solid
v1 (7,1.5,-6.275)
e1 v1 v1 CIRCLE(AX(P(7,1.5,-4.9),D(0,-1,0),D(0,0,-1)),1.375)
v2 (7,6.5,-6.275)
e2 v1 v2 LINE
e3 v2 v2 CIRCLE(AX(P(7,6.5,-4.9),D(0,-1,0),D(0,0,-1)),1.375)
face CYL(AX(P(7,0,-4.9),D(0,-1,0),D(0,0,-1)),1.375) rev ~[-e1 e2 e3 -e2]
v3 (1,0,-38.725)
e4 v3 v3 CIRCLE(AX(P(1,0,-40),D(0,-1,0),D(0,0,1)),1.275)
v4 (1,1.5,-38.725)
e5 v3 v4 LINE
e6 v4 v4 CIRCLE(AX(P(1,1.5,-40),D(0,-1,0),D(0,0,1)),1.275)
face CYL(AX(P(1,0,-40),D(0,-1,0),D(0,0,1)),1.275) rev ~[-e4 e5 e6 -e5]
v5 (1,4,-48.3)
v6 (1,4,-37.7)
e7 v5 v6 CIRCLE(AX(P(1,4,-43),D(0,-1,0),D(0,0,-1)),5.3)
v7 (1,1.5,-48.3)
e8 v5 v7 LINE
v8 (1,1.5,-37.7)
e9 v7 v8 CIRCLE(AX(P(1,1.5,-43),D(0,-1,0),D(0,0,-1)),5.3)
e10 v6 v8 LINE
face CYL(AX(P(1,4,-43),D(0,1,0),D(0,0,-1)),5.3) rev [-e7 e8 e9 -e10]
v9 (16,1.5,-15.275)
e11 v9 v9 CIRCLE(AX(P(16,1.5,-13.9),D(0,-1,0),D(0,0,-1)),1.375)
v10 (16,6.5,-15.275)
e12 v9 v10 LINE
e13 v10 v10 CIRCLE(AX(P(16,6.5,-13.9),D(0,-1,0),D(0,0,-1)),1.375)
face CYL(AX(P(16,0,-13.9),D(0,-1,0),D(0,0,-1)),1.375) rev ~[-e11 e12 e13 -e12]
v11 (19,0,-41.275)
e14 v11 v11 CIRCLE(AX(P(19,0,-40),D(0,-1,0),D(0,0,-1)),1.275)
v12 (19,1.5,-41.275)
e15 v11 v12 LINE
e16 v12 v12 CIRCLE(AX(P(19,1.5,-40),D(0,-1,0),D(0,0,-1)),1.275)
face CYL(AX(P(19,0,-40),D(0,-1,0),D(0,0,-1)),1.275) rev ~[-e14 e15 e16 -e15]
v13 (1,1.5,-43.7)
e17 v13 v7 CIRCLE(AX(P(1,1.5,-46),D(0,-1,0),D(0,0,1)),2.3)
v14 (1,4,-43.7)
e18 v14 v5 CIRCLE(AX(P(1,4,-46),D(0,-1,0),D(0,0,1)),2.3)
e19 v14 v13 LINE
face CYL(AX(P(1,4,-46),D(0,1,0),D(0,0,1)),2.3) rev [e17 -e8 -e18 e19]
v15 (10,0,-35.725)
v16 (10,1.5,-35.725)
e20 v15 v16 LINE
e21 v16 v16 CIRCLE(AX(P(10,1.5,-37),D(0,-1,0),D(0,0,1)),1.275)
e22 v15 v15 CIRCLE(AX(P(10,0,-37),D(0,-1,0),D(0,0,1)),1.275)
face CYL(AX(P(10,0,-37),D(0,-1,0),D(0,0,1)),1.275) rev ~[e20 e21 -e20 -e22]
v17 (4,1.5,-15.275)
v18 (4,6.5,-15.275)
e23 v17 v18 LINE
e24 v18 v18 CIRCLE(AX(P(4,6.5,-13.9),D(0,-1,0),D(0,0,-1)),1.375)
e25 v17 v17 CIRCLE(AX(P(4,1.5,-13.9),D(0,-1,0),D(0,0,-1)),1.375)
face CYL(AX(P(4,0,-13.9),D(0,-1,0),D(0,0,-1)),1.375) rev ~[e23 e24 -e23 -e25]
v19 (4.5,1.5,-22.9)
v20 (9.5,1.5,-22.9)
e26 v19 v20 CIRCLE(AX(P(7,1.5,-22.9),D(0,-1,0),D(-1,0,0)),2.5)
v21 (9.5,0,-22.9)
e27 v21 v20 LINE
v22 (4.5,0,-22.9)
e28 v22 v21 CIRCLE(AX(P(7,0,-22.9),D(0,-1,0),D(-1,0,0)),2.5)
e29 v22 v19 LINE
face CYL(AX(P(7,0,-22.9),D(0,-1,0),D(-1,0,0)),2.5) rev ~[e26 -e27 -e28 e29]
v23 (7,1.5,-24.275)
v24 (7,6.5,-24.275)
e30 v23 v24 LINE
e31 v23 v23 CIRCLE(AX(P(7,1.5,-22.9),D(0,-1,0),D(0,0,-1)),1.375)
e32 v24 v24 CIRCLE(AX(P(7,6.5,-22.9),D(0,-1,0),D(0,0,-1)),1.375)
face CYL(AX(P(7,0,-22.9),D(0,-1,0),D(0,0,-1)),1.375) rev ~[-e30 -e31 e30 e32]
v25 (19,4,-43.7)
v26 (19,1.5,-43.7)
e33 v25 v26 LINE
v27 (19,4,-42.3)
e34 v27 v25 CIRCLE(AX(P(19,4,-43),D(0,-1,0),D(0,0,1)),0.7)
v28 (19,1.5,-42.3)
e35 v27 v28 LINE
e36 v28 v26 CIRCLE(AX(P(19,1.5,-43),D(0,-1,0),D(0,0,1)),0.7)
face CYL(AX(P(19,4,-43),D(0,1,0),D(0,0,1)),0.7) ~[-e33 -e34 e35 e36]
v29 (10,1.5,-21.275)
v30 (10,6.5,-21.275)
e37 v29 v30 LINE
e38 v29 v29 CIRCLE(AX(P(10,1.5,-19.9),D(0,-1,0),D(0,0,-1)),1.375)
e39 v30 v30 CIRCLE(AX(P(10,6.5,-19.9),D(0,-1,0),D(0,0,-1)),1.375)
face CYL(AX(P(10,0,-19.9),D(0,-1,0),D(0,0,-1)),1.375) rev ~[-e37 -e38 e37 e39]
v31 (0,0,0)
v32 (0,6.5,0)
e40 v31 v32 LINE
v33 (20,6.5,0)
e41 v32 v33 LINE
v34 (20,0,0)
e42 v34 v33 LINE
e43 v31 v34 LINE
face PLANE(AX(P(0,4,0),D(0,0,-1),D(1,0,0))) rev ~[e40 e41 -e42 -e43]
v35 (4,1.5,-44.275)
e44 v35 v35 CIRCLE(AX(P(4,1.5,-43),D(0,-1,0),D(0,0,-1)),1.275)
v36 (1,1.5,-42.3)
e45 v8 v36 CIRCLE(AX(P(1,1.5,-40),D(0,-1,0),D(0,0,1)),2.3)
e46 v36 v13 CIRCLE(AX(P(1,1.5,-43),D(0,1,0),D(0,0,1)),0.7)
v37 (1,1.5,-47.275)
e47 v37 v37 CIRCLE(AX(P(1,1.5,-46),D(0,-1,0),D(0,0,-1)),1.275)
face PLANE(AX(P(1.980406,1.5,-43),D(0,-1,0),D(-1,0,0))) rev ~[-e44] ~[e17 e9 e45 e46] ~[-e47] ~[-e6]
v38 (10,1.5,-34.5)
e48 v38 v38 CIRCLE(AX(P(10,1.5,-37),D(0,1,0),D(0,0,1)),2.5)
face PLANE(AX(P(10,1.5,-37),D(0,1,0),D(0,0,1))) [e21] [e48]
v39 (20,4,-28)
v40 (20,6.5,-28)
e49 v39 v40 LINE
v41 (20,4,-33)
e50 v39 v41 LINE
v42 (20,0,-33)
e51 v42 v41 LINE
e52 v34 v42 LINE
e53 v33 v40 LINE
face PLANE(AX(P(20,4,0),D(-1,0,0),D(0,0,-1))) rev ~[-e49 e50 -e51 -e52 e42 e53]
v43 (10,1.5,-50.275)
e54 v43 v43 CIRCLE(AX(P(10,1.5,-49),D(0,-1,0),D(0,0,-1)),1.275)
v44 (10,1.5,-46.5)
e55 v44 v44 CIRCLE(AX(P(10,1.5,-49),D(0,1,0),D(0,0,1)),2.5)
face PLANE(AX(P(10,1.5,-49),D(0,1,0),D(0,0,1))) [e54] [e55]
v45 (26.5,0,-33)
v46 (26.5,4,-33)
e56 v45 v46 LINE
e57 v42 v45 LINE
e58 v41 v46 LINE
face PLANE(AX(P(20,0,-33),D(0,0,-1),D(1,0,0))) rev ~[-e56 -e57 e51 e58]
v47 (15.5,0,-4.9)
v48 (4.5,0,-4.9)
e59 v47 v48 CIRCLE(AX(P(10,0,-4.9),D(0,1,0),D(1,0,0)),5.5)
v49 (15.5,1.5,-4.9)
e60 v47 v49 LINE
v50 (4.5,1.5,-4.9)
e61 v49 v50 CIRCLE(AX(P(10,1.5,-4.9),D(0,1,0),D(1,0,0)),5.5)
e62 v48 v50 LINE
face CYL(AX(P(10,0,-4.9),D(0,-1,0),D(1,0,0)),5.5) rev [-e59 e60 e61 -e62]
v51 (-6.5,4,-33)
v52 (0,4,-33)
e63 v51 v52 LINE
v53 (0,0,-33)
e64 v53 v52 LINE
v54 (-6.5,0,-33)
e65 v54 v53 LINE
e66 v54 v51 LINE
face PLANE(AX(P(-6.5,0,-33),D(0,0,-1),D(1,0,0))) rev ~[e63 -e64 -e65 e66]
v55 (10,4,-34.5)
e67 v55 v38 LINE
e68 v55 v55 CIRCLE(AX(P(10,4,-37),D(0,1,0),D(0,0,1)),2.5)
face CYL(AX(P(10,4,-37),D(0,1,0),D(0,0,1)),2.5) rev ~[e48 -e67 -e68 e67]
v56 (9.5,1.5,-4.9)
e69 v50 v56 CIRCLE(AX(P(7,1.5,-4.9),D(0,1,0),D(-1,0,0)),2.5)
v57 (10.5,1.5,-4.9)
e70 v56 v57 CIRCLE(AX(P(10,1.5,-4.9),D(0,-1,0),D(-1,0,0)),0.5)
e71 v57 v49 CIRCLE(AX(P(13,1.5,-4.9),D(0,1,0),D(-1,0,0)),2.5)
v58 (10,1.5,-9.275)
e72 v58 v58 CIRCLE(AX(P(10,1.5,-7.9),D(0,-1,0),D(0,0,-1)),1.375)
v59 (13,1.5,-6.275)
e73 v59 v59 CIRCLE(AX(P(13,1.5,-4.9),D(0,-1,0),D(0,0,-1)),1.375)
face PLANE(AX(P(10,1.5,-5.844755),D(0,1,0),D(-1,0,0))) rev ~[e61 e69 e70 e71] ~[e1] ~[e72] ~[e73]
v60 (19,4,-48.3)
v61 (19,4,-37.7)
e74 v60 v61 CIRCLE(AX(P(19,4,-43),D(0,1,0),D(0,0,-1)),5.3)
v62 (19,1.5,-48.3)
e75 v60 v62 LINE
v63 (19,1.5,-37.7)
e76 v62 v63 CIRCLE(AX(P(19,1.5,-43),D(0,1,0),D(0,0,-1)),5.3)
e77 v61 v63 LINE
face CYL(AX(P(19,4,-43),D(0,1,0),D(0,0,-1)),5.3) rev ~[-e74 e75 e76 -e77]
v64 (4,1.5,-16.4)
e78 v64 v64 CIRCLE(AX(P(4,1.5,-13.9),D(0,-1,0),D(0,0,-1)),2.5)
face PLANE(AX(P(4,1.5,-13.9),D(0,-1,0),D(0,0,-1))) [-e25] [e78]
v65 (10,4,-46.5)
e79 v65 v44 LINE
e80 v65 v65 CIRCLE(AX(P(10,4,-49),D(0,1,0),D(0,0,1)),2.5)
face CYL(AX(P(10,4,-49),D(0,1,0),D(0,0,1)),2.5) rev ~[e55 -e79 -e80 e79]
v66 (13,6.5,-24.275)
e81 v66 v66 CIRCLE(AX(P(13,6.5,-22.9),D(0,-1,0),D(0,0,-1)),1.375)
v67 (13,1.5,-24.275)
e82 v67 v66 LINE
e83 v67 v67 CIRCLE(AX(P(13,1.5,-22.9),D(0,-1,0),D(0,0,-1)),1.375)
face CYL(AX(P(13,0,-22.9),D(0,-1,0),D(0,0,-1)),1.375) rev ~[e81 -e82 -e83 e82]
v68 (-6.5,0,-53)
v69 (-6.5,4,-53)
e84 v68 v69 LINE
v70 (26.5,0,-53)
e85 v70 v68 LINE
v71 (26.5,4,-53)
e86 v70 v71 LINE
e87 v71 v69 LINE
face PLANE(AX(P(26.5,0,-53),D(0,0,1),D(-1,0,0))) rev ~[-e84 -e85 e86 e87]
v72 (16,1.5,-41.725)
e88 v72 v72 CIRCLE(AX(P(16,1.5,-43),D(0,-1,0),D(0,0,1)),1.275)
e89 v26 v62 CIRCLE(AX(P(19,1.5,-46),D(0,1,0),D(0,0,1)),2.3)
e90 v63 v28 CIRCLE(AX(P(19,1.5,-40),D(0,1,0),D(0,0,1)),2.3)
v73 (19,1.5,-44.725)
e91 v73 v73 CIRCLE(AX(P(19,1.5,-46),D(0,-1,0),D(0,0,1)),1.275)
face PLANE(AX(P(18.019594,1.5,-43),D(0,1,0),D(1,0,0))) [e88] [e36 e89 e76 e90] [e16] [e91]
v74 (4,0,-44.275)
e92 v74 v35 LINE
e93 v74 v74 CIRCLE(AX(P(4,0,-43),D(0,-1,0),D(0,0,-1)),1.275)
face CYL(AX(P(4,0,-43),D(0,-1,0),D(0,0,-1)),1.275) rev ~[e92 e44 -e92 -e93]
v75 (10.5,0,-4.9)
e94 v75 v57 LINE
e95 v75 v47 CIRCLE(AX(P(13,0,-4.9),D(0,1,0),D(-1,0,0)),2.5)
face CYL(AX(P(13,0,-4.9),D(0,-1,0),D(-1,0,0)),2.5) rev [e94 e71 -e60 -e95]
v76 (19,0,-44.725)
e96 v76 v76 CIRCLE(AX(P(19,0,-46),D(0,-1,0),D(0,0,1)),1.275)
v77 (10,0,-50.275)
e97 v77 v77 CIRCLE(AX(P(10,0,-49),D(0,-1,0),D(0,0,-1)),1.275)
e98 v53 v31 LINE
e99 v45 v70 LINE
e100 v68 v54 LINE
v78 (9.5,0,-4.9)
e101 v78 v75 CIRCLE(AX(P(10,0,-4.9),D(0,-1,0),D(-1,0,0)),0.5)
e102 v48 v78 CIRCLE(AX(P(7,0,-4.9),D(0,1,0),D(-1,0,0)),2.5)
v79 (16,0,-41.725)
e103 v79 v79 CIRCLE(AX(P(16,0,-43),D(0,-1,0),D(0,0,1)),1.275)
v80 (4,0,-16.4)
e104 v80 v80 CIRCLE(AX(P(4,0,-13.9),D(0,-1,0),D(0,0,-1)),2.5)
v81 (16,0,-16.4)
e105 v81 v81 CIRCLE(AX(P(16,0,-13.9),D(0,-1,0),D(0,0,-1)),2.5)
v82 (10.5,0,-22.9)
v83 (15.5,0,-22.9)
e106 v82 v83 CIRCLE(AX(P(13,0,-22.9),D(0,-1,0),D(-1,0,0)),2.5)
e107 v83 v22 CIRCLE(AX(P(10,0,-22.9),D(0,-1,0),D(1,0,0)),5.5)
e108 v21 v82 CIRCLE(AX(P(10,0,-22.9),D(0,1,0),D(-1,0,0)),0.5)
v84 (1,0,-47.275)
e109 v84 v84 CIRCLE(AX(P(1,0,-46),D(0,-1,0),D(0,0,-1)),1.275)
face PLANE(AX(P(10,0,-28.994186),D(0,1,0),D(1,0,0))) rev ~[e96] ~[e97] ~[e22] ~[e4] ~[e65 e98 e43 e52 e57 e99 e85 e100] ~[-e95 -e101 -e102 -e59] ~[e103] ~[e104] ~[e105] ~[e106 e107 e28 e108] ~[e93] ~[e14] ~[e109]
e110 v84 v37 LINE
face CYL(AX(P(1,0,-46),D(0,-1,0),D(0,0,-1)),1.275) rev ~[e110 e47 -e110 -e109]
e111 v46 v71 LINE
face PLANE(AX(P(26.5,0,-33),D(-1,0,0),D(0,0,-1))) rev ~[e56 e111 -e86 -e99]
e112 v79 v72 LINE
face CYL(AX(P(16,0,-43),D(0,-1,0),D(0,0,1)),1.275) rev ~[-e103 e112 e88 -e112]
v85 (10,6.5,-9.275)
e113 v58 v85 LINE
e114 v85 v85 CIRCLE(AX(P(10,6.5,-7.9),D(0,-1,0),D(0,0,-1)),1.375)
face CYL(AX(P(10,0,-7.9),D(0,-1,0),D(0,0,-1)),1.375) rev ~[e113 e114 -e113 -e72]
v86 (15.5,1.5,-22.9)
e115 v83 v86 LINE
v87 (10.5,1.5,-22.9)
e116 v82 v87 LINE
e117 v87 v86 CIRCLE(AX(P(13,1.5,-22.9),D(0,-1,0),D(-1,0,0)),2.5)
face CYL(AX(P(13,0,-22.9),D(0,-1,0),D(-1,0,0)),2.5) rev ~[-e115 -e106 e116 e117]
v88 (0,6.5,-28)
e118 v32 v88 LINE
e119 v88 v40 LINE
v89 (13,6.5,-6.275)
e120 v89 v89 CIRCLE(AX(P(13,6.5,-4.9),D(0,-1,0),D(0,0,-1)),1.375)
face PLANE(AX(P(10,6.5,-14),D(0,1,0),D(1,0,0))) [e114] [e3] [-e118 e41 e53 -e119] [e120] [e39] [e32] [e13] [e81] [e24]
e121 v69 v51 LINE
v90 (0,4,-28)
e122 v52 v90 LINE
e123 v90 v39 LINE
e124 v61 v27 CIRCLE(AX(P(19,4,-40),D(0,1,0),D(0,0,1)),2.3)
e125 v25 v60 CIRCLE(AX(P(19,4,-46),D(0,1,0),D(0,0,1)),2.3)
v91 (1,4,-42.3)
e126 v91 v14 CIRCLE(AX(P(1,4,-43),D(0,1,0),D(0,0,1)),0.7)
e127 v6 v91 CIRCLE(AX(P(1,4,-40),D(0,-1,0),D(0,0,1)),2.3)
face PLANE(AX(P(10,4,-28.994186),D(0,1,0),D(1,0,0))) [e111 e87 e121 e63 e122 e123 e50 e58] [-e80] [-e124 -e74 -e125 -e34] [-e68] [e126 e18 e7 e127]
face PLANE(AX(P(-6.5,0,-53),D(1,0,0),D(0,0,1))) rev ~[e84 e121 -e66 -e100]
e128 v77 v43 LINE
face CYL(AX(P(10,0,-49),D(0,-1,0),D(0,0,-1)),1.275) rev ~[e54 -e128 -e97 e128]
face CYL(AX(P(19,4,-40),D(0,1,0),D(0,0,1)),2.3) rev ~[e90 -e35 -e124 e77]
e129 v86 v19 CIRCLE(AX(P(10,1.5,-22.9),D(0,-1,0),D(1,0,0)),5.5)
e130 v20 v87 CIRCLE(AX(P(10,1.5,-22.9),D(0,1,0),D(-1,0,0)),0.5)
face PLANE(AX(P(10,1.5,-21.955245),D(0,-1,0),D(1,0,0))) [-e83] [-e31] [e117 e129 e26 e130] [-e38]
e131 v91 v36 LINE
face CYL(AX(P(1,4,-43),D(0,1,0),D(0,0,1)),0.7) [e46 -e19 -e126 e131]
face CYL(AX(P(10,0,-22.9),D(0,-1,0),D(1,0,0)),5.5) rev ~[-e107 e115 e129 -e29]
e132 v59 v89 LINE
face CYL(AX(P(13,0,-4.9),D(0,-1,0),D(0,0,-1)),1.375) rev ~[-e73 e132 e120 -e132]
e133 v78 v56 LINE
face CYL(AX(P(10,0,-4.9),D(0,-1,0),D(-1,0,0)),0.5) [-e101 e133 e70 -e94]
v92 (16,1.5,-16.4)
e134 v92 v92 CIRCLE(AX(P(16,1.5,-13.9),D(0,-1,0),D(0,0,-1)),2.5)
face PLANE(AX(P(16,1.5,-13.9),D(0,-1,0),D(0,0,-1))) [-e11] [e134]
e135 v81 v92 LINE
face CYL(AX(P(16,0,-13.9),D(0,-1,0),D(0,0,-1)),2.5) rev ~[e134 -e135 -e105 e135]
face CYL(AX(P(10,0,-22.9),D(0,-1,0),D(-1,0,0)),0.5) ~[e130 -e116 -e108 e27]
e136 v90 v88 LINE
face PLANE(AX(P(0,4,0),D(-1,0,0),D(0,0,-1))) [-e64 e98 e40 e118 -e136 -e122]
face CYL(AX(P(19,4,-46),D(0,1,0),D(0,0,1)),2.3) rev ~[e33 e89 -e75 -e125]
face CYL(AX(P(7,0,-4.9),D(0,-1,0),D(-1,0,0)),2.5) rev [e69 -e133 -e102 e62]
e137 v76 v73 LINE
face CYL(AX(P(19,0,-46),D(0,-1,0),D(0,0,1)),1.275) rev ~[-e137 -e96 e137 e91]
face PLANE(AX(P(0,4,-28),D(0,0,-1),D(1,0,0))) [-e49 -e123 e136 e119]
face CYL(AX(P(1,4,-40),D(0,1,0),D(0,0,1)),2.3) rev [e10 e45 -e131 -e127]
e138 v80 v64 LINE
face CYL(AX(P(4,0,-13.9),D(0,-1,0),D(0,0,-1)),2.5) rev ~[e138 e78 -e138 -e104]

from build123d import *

# Parameters (mm, degrees)
BOSS_EXTRUDE1_DEPTH = 4
SKETCH2_W           = 20
SKETCH2_H           = 28
BOSS_EXTRUDE2_DEPTH = 2.5
CUT_EXTRUDE1_REACH  = 61.611
SKETCH3_R           = 1.375
SKETCH3_R_2         = 1.275
SKETCH4_R           = 2.5
CUT_EXTRUDE2_DEPTH  = 1.5
SKETCH5_R           = 2.5
CUT_EXTRUDE3_DEPTH  = 2.5


with BuildPart() as part:
    # Sketch1 → Boss-Extrude1 (new body)
    with BuildSketch(Plane(origin=(0, 0, 0), x_dir=(1, 0, 0), z_dir=(0, 1, 0))):
        Polygon((0, 0), (20, 0), (20, 33), (26.5, 33), (26.5, 53), (-6.5, 53), (-6.5, 33), (0, 33), align=None)
    extrude(amount=BOSS_EXTRUDE1_DEPTH)

    # Sketch2 → Boss-Extrude2 (add)
    with BuildSketch(Plane(origin=(0, 4, 0), x_dir=(1, 0, 0), z_dir=(0, 1, 0))):
        with Locations((10, 14)):
            Rectangle(SKETCH2_W, SKETCH2_H)
    extrude(amount=BOSS_EXTRUDE2_DEPTH)

    # Sketch3 → Cut-Extrude1 (cut, up to next)
    with BuildSketch(Plane.XZ, mode=Mode.PRIVATE) as cut_extrude1_sk1:
        with Locations(Location((10, -7.9, 0), (0, 0, 270))):
            Circle(SKETCH3_R)
    cut_extrude1_tool1 = extrude(cut_extrude1_sk1.sketch, amount=-CUT_EXTRUDE1_REACH, mode=Mode.PRIVATE) & part.part
    # Sketch3 → Cut-Extrude1 (cut, up to next)
    with BuildSketch(Plane.XZ, mode=Mode.PRIVATE) as cut_extrude1_sk2:
        with Locations(Location((7, -4.9, 0), (0, 0, 270))):
            Circle(SKETCH3_R)
    cut_extrude1_tool2 = extrude(cut_extrude1_sk2.sketch, amount=-CUT_EXTRUDE1_REACH, mode=Mode.PRIVATE) & part.part
    # Sketch3 → Cut-Extrude1 (cut, up to next)
    with BuildSketch(Plane.XZ, mode=Mode.PRIVATE) as cut_extrude1_sk3:
        with Locations(Location((4, -13.9, 0), (0, 0, 270))):
            Circle(SKETCH3_R)
    cut_extrude1_tool3 = extrude(cut_extrude1_sk3.sketch, amount=-CUT_EXTRUDE1_REACH, mode=Mode.PRIVATE) & part.part
    # Sketch3 → Cut-Extrude1 (cut, up to next)
    with BuildSketch(Plane.XZ, mode=Mode.PRIVATE) as cut_extrude1_sk4:
        with Locations(Location((10, -19.9, 0), (0, 0, 270))):
            Circle(SKETCH3_R)
    cut_extrude1_tool4 = extrude(cut_extrude1_sk4.sketch, amount=-CUT_EXTRUDE1_REACH, mode=Mode.PRIVATE) & part.part
    # Sketch3 → Cut-Extrude1 (cut, up to next)
    with BuildSketch(Plane.XZ, mode=Mode.PRIVATE) as cut_extrude1_sk5:
        with Locations(Location((7, -22.9, 0), (0, 0, 270))):
            Circle(SKETCH3_R)
    cut_extrude1_tool5 = extrude(cut_extrude1_sk5.sketch, amount=-CUT_EXTRUDE1_REACH, mode=Mode.PRIVATE) & part.part
    # Sketch3 → Cut-Extrude1 (cut, up to next)
    with BuildSketch(Plane.XZ, mode=Mode.PRIVATE) as cut_extrude1_sk6:
        with Locations(Location((13, -4.9, 0), (0, 0, 270))):
            Circle(SKETCH3_R)
    cut_extrude1_tool6 = extrude(cut_extrude1_sk6.sketch, amount=-CUT_EXTRUDE1_REACH, mode=Mode.PRIVATE) & part.part
    # Sketch3 → Cut-Extrude1 (cut, up to next)
    with BuildSketch(Plane.XZ, mode=Mode.PRIVATE) as cut_extrude1_sk7:
        with Locations(Location((13, -22.9, 0), (0, 0, 270))):
            Circle(SKETCH3_R)
    cut_extrude1_tool7 = extrude(cut_extrude1_sk7.sketch, amount=-CUT_EXTRUDE1_REACH, mode=Mode.PRIVATE) & part.part
    # Sketch3 → Cut-Extrude1 (cut, up to next)
    with BuildSketch(Plane.XZ, mode=Mode.PRIVATE) as cut_extrude1_sk8:
        with Locations(Location((16, -13.9, 0), (0, 0, 270))):
            Circle(SKETCH3_R)
    cut_extrude1_tool8 = extrude(cut_extrude1_sk8.sketch, amount=-CUT_EXTRUDE1_REACH, mode=Mode.PRIVATE) & part.part
    # Sketch3 → Cut-Extrude1 (cut, up to next)
    with BuildSketch(Plane.XZ, mode=Mode.PRIVATE) as cut_extrude1_sk9:
        with Locations(Location((10, -49, 0), (0, 0, 270))):
            Circle(SKETCH3_R_2)
    cut_extrude1_tool9 = extrude(cut_extrude1_sk9.sketch, amount=-CUT_EXTRUDE1_REACH, mode=Mode.PRIVATE) & part.part
    # Sketch3 → Cut-Extrude1 (cut, up to next)
    with BuildSketch(Plane.XZ, mode=Mode.PRIVATE) as cut_extrude1_sk10:
        with Locations(Location((4, -43, 0), (0, 0, 270))):
            Circle(SKETCH3_R_2)
    cut_extrude1_tool10 = extrude(cut_extrude1_sk10.sketch, amount=-CUT_EXTRUDE1_REACH, mode=Mode.PRIVATE) & part.part
    # Sketch3 → Cut-Extrude1 (cut, up to next)
    with BuildSketch(Plane.XZ, mode=Mode.PRIVATE) as cut_extrude1_sk11:
        with Locations(Location((1, -46, 0), (0, 0, 270))):
            Circle(SKETCH3_R_2)
    cut_extrude1_tool11 = extrude(cut_extrude1_sk11.sketch, amount=-CUT_EXTRUDE1_REACH, mode=Mode.PRIVATE) & part.part
    # Sketch3 → Cut-Extrude1 (cut, up to next)
    with BuildSketch(Plane.XZ, mode=Mode.PRIVATE) as cut_extrude1_sk12:
        with Locations(Location((10, -37, 0), (0, 0, 90))):
            Circle(SKETCH3_R_2)
    cut_extrude1_tool12 = extrude(cut_extrude1_sk12.sketch, amount=-CUT_EXTRUDE1_REACH, mode=Mode.PRIVATE) & part.part
    # Sketch3 → Cut-Extrude1 (cut, up to next)
    with BuildSketch(Plane.XZ, mode=Mode.PRIVATE) as cut_extrude1_sk13:
        with Locations(Location((1, -40, 0), (0, 0, 90))):
            Circle(SKETCH3_R_2)
    cut_extrude1_tool13 = extrude(cut_extrude1_sk13.sketch, amount=-CUT_EXTRUDE1_REACH, mode=Mode.PRIVATE) & part.part
    # Sketch3 → Cut-Extrude1 (cut, up to next)
    with BuildSketch(Plane.XZ, mode=Mode.PRIVATE) as cut_extrude1_sk14:
        with Locations(Location((19, -46, 0), (0, 0, 90))):
            Circle(SKETCH3_R_2)
    cut_extrude1_tool14 = extrude(cut_extrude1_sk14.sketch, amount=-CUT_EXTRUDE1_REACH, mode=Mode.PRIVATE) & part.part
    # Sketch3 → Cut-Extrude1 (cut, up to next)
    with BuildSketch(Plane.XZ, mode=Mode.PRIVATE) as cut_extrude1_sk15:
        with Locations(Location((16, -43, 0), (0, 0, 90))):
            Circle(SKETCH3_R_2)
    cut_extrude1_tool15 = extrude(cut_extrude1_sk15.sketch, amount=-CUT_EXTRUDE1_REACH, mode=Mode.PRIVATE) & part.part
    # Sketch3 → Cut-Extrude1 (cut, up to next)
    with BuildSketch(Plane.XZ, mode=Mode.PRIVATE) as cut_extrude1_sk16:
        with Locations(Location((19, -40, 0), (0, 0, 270))):
            Circle(SKETCH3_R_2)
    cut_extrude1_tool16 = extrude(cut_extrude1_sk16.sketch, amount=-CUT_EXTRUDE1_REACH, mode=Mode.PRIVATE) & part.part
    add(cut_extrude1_tool1.solids().sort_by_distance((10, 0, -7.9))[0], mode=Mode.SUBTRACT)
    add(cut_extrude1_tool2.solids().sort_by_distance((7, 0, -4.9))[0], mode=Mode.SUBTRACT)
    add(cut_extrude1_tool3.solids().sort_by_distance((4, 0, -13.9))[0], mode=Mode.SUBTRACT)
    add(cut_extrude1_tool4.solids().sort_by_distance((10, 0, -19.9))[0], mode=Mode.SUBTRACT)
    add(cut_extrude1_tool5.solids().sort_by_distance((7, 0, -22.9))[0], mode=Mode.SUBTRACT)
    add(cut_extrude1_tool6.solids().sort_by_distance((13, 0, -4.9))[0], mode=Mode.SUBTRACT)
    add(cut_extrude1_tool7.solids().sort_by_distance((13, 0, -22.9))[0], mode=Mode.SUBTRACT)
    add(cut_extrude1_tool8.solids().sort_by_distance((16, 0, -13.9))[0], mode=Mode.SUBTRACT)
    add(cut_extrude1_tool9.solids().sort_by_distance((10, 0, -49))[0], mode=Mode.SUBTRACT)
    add(cut_extrude1_tool10.solids().sort_by_distance((4, 0, -43))[0], mode=Mode.SUBTRACT)
    add(cut_extrude1_tool11.solids().sort_by_distance((1, 0, -46))[0], mode=Mode.SUBTRACT)
    add(cut_extrude1_tool12.solids().sort_by_distance((10, 0, -37))[0], mode=Mode.SUBTRACT)
    add(cut_extrude1_tool13.solids().sort_by_distance((1, 0, -40))[0], mode=Mode.SUBTRACT)
    add(cut_extrude1_tool14.solids().sort_by_distance((19, 0, -46))[0], mode=Mode.SUBTRACT)
    add(cut_extrude1_tool15.solids().sort_by_distance((16, 0, -43))[0], mode=Mode.SUBTRACT)
    add(cut_extrude1_tool16.solids().sort_by_distance((19, 0, -40))[0], mode=Mode.SUBTRACT)

    # Sketch4 → Cut-Extrude2 (cut)
    with BuildSketch(Plane.XZ):
        with Locations(Location((4, -13.9, 0), (0, 0, 270))):
            Circle(SKETCH4_R)
        with Locations(Location((16, -13.9, 0), (0, 0, 270))):
            Circle(SKETCH4_R)
        with BuildLine():
            ThreePointArc((15.5, -22.9), (10, -17.4), (4.5, -22.9))
            ThreePointArc((4.5, -22.9), (7, -25.4), (9.5, -22.9))
            ThreePointArc((9.5, -22.9), (10, -22.4), (10.5, -22.9))
            ThreePointArc((10.5, -22.9), (13, -25.4), (15.5, -22.9))
        make_face()
        with BuildLine():
            ThreePointArc((15.5, -4.9), (10, -10.4), (4.5, -4.9))
            ThreePointArc((4.5, -4.9), (7, -2.4), (9.5, -4.9))
            ThreePointArc((9.5, -4.9), (10, -5.4), (10.5, -4.9))
            ThreePointArc((10.5, -4.9), (13, -2.4), (15.5, -4.9))
        make_face()
    extrude(amount=-CUT_EXTRUDE2_DEPTH, mode=Mode.SUBTRACT)

    # Sketch5 → Cut-Extrude3 (cut)
    with BuildSketch(Plane(origin=(0, 4, 0), x_dir=(1, 0, 0), z_dir=(0, 1, 0))):
        with Locations(Location((10, 49, 0), (0, 0, 270))):
            Circle(SKETCH5_R)
        with Locations(Location((10, 37, 0), (0, 0, 270))):
            Circle(SKETCH5_R)
        with BuildLine():
            ThreePointArc((19, 48.3), (13.7, 43), (19, 37.7))
            ThreePointArc((19, 37.7), (21.3, 40), (19, 42.3))
            ThreePointArc((19, 42.3), (18.3, 43), (19, 43.7))
            ThreePointArc((19, 43.7), (21.3, 46), (19, 48.3))
        make_face()
        with BuildLine():
            ThreePointArc((1, 48.3), (6.3, 43), (1, 37.7))
            ThreePointArc((1, 37.7), (-1.3, 40), (1, 42.3))
            ThreePointArc((1, 42.3), (1.7, 43), (1, 43.7))
            ThreePointArc((1, 43.7), (-1.3, 46), (1, 48.3))
        make_face()
    extrude(amount=-CUT_EXTRUDE3_DEPTH, mode=Mode.SUBTRACT)


solid = part.part
